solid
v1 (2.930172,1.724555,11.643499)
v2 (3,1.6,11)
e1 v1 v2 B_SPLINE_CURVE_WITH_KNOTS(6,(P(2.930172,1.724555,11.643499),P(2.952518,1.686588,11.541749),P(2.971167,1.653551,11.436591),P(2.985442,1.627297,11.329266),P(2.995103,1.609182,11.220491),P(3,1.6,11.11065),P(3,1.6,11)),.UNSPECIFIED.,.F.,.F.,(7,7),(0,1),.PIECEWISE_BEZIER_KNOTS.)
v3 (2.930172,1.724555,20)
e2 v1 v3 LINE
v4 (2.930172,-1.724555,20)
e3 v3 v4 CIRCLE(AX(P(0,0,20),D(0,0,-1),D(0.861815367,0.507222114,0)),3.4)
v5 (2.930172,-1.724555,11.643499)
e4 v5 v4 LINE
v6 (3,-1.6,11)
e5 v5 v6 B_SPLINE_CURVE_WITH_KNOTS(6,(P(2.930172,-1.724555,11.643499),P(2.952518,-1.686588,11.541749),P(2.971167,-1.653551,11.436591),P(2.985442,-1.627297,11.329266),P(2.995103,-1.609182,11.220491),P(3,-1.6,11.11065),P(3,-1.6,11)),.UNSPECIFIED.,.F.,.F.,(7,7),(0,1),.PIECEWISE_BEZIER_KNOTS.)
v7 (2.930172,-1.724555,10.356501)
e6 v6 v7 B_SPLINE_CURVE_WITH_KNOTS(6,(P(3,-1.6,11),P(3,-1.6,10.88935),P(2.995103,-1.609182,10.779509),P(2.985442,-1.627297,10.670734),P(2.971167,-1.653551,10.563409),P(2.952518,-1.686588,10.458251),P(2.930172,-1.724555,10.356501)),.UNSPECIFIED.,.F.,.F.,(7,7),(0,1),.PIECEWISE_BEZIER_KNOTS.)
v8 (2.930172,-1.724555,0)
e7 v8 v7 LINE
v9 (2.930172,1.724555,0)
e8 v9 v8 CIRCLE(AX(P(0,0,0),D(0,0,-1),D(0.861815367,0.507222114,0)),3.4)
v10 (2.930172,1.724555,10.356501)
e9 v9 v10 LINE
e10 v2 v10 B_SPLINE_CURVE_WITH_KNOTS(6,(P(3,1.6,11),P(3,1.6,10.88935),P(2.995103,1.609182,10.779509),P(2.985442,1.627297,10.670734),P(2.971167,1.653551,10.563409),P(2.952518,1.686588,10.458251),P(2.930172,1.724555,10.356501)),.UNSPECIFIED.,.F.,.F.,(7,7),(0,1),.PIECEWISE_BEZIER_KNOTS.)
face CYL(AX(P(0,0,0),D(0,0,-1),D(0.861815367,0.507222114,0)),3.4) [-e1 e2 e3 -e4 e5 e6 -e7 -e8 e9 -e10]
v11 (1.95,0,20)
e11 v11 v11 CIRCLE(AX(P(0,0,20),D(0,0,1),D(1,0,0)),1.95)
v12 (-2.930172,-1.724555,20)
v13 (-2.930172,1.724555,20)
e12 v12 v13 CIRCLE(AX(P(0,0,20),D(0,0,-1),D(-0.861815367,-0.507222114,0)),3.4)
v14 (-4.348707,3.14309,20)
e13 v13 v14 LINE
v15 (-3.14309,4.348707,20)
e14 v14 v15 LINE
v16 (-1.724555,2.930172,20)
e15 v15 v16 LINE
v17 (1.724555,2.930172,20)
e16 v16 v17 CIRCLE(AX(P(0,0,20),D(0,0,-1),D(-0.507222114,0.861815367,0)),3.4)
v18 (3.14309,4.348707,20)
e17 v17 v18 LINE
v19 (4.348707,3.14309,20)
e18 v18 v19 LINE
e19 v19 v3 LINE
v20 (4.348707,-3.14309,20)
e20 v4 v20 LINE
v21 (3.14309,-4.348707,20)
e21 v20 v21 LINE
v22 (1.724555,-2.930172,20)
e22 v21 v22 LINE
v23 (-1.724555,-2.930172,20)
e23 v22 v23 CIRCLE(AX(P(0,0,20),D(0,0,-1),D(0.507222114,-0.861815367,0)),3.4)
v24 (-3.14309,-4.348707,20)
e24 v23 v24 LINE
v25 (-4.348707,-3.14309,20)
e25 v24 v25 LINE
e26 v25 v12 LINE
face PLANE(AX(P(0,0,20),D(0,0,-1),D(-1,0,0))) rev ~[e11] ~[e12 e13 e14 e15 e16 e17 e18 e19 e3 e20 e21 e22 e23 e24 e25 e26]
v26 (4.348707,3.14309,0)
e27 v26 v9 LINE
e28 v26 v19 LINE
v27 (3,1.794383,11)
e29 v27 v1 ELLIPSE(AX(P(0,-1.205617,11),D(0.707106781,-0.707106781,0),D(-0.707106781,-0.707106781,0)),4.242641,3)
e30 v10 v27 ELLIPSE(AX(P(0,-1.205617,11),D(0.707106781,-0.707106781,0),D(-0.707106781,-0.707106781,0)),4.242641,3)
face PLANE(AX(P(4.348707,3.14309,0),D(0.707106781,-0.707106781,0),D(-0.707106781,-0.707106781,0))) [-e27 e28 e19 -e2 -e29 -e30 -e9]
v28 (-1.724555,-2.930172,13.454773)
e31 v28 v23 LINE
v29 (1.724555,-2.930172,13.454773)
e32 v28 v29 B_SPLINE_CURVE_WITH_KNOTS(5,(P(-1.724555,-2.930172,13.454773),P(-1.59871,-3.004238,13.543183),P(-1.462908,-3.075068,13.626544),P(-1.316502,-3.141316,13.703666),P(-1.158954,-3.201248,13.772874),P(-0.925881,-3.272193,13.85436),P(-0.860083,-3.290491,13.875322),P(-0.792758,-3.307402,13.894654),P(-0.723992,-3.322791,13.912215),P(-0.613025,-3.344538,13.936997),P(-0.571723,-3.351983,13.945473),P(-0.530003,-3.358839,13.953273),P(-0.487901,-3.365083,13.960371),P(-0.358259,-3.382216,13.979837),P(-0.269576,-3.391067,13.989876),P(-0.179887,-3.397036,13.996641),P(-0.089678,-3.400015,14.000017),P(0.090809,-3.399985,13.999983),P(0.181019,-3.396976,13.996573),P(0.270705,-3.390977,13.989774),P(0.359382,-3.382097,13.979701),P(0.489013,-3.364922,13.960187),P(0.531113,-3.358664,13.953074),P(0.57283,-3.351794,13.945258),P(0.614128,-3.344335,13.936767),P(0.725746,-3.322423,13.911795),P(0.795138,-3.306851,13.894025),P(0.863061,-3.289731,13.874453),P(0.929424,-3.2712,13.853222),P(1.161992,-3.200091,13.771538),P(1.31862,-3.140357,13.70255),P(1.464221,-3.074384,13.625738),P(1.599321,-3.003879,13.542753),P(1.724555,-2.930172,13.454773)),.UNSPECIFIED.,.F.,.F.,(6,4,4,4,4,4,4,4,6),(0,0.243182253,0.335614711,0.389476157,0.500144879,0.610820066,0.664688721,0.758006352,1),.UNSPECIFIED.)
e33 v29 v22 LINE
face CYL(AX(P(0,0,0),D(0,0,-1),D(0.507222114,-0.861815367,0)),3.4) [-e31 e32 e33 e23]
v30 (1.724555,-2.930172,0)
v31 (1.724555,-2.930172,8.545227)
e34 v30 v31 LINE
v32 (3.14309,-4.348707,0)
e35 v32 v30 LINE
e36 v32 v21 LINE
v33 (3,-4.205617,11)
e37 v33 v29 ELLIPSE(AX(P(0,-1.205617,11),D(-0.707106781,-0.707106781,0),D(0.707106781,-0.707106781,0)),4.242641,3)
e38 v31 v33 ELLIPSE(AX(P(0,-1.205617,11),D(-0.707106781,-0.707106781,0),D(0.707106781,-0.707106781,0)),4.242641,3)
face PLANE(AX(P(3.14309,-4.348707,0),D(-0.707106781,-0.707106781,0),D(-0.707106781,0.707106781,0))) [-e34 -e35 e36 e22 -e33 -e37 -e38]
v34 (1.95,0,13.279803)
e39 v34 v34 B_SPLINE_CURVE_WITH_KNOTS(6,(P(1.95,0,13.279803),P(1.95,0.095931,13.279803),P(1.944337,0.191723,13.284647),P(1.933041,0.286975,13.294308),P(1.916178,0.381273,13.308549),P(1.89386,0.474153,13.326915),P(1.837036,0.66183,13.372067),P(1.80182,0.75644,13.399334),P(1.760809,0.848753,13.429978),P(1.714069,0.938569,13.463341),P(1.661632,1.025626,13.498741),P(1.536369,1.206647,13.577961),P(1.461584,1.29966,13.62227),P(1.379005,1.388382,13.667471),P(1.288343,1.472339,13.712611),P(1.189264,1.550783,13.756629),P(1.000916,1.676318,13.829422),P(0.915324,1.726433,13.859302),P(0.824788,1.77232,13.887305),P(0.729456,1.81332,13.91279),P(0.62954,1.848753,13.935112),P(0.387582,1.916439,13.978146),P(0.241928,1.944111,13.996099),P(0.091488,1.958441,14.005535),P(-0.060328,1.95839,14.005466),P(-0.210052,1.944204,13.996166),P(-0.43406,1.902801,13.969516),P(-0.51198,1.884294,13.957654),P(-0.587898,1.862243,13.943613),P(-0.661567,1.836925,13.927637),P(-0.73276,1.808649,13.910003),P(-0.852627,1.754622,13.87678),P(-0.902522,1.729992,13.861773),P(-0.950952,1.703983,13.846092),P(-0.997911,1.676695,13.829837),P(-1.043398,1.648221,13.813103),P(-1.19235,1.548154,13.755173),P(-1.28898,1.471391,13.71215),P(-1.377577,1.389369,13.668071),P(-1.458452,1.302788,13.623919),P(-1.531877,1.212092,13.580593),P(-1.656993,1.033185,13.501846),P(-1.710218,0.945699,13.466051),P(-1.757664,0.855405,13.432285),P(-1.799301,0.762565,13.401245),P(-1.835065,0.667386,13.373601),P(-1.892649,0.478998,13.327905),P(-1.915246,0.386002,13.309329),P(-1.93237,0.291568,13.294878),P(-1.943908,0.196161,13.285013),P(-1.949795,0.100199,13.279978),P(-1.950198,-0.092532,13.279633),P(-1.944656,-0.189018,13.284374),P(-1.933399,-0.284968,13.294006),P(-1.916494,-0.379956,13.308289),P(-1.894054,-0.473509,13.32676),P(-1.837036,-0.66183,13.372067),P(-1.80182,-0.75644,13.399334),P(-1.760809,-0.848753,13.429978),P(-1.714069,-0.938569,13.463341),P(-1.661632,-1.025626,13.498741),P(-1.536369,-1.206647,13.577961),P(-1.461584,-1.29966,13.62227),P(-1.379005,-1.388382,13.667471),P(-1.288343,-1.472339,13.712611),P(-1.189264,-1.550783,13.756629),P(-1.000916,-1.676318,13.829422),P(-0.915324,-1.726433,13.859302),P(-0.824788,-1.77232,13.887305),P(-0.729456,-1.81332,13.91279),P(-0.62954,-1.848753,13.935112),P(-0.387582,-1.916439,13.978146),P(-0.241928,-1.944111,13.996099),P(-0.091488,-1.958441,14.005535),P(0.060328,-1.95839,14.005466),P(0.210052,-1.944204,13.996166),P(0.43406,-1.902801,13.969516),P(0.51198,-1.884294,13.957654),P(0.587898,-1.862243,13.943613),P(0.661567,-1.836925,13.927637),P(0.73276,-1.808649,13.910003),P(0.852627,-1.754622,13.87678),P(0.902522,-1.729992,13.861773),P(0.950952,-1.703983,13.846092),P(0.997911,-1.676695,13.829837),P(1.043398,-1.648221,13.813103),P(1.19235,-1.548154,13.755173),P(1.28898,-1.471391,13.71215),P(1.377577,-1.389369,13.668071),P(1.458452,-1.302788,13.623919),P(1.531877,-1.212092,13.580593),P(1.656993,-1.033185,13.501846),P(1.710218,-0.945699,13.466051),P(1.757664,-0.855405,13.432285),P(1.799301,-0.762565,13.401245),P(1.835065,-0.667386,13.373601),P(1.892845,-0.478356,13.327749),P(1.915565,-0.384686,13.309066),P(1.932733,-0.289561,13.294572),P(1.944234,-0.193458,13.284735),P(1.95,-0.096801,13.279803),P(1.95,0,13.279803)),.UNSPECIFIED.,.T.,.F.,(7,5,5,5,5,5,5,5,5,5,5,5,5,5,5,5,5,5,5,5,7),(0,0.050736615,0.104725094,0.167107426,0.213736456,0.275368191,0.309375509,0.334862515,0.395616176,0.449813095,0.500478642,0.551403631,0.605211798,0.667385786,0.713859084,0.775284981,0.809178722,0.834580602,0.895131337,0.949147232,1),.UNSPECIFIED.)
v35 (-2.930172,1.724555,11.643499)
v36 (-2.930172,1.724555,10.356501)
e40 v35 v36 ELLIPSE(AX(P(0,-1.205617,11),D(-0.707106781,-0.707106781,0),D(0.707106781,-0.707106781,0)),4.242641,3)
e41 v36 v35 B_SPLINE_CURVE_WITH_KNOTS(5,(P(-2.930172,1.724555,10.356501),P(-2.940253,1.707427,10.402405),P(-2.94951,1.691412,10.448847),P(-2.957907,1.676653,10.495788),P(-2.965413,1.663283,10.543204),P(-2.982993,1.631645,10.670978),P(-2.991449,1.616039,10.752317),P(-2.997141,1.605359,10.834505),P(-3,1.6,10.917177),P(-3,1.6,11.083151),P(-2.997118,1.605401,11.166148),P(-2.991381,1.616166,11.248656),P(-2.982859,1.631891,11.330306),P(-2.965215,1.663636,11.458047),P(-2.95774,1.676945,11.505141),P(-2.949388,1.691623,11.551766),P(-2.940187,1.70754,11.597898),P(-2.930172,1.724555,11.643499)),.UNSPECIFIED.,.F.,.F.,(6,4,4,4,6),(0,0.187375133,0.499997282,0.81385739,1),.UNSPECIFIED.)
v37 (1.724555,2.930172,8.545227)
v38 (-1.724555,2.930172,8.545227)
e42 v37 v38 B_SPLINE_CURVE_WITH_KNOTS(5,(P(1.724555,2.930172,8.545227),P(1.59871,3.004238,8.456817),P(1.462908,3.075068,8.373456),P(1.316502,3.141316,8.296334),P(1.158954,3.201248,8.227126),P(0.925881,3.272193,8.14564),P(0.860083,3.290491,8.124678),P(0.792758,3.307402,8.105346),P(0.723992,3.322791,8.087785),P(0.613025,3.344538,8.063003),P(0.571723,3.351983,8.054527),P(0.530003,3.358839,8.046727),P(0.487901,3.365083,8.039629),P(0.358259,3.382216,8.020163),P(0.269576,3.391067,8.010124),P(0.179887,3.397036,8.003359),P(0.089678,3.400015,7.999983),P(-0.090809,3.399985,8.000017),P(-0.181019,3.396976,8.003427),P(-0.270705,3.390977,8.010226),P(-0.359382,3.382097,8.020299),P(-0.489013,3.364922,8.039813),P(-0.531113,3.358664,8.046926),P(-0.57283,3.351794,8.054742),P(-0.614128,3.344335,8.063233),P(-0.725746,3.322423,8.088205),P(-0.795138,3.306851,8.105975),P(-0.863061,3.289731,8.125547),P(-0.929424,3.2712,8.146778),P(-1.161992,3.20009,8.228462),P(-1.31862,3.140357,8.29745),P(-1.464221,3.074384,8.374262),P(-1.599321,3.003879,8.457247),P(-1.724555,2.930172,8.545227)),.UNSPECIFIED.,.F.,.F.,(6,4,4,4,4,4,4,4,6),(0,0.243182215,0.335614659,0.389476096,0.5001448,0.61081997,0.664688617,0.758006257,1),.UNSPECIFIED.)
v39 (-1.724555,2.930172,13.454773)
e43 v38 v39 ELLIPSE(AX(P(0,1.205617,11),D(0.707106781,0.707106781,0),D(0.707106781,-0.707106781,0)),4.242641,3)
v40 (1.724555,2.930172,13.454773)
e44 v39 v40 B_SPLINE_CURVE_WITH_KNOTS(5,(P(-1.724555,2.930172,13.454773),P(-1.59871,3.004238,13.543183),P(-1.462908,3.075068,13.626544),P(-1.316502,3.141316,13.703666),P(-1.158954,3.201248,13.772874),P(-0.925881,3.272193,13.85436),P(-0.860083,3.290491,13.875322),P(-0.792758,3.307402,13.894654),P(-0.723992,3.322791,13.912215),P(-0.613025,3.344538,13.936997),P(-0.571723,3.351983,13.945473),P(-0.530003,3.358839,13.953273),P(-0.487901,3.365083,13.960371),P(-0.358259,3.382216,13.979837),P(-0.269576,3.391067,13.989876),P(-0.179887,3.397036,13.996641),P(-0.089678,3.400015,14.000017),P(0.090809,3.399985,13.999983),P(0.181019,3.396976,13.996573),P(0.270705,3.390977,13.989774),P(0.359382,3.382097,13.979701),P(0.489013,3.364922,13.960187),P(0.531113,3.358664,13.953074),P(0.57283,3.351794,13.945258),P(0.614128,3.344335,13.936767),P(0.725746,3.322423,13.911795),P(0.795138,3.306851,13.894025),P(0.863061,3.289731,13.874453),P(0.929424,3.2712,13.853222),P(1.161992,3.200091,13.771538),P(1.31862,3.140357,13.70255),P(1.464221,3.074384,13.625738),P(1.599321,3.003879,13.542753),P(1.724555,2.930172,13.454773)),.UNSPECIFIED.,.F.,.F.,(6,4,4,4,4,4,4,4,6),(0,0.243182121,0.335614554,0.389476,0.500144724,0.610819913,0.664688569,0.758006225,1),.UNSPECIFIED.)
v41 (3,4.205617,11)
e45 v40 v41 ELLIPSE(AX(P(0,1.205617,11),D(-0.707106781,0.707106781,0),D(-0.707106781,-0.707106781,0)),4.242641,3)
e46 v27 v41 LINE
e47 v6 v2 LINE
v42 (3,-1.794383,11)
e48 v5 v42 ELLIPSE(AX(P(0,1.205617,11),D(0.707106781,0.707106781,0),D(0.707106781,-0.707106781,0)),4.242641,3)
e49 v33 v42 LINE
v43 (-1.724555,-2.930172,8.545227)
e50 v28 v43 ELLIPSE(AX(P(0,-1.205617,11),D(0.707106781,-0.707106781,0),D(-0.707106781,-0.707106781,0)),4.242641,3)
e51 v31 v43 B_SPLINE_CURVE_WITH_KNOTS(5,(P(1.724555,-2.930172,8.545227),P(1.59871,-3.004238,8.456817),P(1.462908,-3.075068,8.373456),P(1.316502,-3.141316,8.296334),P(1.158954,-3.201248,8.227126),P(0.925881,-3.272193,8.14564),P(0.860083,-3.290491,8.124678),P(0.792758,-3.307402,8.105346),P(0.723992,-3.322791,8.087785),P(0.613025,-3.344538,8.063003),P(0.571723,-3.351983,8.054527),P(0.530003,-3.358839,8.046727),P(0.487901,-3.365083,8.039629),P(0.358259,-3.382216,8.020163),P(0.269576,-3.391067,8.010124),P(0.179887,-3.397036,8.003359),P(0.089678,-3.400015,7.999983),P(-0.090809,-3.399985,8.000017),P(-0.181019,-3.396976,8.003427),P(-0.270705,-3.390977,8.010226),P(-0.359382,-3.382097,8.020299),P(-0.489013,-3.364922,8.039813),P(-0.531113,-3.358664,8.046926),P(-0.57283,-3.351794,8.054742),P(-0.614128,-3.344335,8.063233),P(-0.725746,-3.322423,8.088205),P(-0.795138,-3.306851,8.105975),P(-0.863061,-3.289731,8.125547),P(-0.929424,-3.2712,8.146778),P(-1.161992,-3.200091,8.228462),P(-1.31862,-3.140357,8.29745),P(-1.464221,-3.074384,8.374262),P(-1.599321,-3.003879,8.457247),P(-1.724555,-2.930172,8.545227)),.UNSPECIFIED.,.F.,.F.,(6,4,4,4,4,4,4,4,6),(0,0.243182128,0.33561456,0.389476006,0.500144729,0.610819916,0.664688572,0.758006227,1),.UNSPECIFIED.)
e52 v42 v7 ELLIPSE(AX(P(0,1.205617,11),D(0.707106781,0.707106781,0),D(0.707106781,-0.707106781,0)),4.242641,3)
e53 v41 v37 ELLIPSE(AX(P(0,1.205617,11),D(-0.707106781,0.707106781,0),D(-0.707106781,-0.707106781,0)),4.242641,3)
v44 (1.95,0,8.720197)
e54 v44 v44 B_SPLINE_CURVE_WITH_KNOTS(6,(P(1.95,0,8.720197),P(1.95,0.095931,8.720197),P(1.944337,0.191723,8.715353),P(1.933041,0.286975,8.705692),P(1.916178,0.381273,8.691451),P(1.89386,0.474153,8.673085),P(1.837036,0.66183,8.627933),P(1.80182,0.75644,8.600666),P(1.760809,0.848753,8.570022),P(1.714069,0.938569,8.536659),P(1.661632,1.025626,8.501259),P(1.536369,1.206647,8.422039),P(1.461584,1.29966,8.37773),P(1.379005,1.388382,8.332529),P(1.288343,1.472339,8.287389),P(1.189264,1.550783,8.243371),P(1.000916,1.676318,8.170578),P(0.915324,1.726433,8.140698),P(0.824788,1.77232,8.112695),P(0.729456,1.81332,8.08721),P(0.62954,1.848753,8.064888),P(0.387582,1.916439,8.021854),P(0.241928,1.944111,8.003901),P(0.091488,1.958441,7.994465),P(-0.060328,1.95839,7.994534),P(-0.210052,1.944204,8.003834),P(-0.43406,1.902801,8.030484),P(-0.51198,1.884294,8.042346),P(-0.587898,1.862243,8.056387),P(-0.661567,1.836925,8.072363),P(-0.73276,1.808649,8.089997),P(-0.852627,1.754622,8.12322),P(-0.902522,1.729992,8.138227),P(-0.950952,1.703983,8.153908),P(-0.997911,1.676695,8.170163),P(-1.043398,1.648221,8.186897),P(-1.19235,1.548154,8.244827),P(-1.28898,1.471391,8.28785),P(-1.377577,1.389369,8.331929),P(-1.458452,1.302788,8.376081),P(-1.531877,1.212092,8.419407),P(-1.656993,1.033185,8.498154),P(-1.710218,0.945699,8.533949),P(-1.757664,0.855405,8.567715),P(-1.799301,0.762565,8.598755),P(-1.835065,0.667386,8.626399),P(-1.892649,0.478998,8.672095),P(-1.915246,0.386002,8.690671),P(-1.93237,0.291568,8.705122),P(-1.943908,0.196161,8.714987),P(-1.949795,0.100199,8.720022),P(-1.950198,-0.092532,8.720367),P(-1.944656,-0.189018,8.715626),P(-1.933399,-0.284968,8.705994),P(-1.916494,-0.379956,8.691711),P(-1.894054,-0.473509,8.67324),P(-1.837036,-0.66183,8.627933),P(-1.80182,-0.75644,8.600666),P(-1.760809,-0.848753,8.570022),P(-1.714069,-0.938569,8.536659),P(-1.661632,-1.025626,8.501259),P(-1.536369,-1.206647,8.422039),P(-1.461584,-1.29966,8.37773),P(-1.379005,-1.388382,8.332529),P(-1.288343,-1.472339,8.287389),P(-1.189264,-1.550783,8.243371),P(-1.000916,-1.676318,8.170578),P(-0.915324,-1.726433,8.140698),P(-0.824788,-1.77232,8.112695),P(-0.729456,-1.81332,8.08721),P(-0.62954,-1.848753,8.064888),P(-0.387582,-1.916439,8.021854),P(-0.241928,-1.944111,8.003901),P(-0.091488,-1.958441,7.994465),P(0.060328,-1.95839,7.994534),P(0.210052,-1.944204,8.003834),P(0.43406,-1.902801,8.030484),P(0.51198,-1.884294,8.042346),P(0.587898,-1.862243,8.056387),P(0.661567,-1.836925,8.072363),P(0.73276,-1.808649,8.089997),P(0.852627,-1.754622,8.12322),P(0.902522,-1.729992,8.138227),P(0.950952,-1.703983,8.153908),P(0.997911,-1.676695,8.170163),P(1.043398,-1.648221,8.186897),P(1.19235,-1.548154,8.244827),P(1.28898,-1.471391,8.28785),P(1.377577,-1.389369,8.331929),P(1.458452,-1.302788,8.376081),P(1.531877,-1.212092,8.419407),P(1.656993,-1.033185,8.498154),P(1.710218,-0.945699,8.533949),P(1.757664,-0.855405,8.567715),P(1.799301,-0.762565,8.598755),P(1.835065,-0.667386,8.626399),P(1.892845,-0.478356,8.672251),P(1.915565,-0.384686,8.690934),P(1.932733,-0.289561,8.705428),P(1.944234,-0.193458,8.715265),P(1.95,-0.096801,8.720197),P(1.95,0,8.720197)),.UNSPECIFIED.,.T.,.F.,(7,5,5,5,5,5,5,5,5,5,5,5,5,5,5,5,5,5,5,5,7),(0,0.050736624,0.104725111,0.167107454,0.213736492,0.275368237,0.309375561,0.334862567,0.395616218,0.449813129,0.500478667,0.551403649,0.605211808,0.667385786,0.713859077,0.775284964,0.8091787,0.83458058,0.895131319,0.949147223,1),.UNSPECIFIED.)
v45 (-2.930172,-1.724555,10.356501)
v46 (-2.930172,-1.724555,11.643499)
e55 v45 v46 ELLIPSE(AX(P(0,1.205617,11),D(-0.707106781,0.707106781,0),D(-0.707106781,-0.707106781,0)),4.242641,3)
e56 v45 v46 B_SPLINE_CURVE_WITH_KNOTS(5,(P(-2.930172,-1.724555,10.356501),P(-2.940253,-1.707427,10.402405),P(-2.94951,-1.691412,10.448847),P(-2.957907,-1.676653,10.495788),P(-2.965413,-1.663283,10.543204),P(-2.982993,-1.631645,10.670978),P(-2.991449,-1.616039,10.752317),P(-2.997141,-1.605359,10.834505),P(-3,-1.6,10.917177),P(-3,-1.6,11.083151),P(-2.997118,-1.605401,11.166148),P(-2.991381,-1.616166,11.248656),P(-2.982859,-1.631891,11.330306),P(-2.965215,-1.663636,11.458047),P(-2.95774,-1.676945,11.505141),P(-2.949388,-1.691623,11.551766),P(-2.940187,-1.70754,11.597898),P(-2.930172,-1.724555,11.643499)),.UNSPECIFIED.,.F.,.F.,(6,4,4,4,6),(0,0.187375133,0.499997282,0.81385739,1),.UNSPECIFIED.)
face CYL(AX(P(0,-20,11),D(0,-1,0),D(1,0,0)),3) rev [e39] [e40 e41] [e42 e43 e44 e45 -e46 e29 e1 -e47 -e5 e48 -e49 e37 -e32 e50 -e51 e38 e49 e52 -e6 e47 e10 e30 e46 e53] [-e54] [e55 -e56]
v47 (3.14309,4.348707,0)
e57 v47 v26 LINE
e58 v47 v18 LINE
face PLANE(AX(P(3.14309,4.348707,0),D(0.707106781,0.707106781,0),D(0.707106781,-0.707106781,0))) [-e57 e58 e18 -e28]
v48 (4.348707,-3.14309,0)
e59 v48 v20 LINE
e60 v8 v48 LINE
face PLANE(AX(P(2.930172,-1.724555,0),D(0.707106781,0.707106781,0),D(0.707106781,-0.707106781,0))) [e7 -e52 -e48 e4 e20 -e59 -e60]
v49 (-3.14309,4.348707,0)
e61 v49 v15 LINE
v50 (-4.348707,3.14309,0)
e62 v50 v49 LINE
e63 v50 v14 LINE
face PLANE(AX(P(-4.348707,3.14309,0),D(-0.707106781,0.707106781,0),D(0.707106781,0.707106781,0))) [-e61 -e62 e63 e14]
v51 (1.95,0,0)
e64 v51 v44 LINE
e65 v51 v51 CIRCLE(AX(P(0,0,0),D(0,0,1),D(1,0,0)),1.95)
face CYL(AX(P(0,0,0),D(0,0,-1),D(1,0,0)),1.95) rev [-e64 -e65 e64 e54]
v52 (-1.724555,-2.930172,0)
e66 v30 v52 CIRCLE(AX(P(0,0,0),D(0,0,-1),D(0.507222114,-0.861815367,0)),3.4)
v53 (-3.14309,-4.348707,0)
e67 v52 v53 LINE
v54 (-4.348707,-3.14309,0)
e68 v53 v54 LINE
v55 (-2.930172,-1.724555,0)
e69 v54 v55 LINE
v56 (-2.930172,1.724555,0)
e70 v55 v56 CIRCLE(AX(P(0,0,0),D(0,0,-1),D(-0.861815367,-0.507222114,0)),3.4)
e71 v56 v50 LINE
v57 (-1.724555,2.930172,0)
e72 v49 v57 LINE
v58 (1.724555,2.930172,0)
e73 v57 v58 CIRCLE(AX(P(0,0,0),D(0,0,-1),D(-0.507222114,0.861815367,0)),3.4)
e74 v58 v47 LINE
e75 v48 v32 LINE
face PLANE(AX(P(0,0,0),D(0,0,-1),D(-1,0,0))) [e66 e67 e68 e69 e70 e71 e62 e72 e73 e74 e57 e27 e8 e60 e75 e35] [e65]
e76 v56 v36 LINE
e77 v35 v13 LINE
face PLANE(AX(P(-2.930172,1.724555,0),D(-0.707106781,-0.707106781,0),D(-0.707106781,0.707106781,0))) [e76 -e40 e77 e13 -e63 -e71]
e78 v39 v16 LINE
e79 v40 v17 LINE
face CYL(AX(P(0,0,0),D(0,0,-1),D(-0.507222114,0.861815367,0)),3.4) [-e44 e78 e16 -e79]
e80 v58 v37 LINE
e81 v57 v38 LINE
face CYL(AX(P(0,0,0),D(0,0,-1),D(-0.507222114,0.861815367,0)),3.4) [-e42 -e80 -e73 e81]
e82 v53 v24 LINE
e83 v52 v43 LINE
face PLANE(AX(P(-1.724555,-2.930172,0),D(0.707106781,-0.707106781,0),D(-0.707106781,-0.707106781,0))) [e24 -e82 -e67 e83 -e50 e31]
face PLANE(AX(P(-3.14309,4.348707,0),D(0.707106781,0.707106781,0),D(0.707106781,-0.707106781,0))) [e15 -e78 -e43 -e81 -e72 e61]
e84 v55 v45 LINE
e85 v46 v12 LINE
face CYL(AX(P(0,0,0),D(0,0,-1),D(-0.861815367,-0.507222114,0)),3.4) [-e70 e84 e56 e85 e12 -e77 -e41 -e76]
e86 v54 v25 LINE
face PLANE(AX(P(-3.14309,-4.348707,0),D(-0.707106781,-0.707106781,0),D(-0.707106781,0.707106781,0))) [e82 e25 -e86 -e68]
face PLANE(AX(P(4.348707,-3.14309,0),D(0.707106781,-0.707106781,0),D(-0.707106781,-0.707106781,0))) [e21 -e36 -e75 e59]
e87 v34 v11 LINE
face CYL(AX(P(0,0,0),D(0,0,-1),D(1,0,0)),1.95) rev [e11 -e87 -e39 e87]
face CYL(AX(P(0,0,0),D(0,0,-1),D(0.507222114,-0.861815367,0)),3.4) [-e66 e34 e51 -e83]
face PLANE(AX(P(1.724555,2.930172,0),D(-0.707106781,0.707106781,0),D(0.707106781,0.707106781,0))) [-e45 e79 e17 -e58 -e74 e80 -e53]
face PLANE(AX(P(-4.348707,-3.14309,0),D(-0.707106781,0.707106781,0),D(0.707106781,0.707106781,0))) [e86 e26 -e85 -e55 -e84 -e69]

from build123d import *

# Parameters (mm, degrees)
SKETCH1_R               = 1.95
BOSS_EXTRUDE1_DEPTH     = 20
CUT_EXTRUDE1_DEPTH      = 20
CUT_EXTRUDE1_DEPTH_BACK = 20
SKETCH2_R               = 3


with BuildPart() as part:
    # Sketch1 → Boss-Extrude1 (new body)
    with BuildSketch(Plane.XY):
        with BuildLine():
            Line((3.143089642, 4.348706704), (4.348706704, 3.143089642))
            Line((4.348706704, 3.143089642), (2.930172249, 1.724555187))
            ThreePointArc((2.930172249, 1.724555187), (3.4, 0), (2.930172249, -1.724555187))
            Line((2.930172249, -1.724555187), (4.348706704, -3.143089642))
            Line((4.348706704, -3.143089642), (3.143089642, -4.348706704))
            Line((3.143089642, -4.348706704), (1.724555187, -2.930172249))
            ThreePointArc((1.724555187, -2.930172249), (0, -3.4), (-1.724555187, -2.930172249))
            Line((-1.724555187, -2.930172249), (-3.143089642, -4.348706704))
            Line((-3.143089642, -4.348706704), (-4.348706704, -3.143089642))
            Line((-4.348706704, -3.143089642), (-2.930172249, -1.724555187))
            ThreePointArc((-2.930172249, -1.724555187), (-3.4, 0), (-2.930172249, 1.724555187))
            Line((-2.930172249, 1.724555187), (-4.348706704, 3.143089642))
            Line((-4.348706704, 3.143089642), (-3.143089642, 4.348706704))
            Line((-3.143089642, 4.348706704), (-1.724555187, 2.930172249))
            ThreePointArc((-1.724555187, 2.930172249), (0, 3.4), (1.724555187, 2.930172249))
            Line((1.724555187, 2.930172249), (3.143089642, 4.348706704))
        make_face()
        Circle(SKETCH1_R, mode=Mode.SUBTRACT)
    extrude(amount=BOSS_EXTRUDE1_DEPTH)

    # Sketch2 → Cut-Extrude1 (cut, two sides: drawn at the far end of the back side and taken through both)
    with BuildSketch(Plane(origin=(0, 0, 0), x_dir=(1, 0, 0), z_dir=(0, 1, 0)).offset(-CUT_EXTRUDE1_DEPTH_BACK)):
        with Locations((0, -11)):
            Circle(SKETCH2_R)
    extrude(amount=CUT_EXTRUDE1_DEPTH + CUT_EXTRUDE1_DEPTH_BACK, mode=Mode.SUBTRACT)


solid = part.part
